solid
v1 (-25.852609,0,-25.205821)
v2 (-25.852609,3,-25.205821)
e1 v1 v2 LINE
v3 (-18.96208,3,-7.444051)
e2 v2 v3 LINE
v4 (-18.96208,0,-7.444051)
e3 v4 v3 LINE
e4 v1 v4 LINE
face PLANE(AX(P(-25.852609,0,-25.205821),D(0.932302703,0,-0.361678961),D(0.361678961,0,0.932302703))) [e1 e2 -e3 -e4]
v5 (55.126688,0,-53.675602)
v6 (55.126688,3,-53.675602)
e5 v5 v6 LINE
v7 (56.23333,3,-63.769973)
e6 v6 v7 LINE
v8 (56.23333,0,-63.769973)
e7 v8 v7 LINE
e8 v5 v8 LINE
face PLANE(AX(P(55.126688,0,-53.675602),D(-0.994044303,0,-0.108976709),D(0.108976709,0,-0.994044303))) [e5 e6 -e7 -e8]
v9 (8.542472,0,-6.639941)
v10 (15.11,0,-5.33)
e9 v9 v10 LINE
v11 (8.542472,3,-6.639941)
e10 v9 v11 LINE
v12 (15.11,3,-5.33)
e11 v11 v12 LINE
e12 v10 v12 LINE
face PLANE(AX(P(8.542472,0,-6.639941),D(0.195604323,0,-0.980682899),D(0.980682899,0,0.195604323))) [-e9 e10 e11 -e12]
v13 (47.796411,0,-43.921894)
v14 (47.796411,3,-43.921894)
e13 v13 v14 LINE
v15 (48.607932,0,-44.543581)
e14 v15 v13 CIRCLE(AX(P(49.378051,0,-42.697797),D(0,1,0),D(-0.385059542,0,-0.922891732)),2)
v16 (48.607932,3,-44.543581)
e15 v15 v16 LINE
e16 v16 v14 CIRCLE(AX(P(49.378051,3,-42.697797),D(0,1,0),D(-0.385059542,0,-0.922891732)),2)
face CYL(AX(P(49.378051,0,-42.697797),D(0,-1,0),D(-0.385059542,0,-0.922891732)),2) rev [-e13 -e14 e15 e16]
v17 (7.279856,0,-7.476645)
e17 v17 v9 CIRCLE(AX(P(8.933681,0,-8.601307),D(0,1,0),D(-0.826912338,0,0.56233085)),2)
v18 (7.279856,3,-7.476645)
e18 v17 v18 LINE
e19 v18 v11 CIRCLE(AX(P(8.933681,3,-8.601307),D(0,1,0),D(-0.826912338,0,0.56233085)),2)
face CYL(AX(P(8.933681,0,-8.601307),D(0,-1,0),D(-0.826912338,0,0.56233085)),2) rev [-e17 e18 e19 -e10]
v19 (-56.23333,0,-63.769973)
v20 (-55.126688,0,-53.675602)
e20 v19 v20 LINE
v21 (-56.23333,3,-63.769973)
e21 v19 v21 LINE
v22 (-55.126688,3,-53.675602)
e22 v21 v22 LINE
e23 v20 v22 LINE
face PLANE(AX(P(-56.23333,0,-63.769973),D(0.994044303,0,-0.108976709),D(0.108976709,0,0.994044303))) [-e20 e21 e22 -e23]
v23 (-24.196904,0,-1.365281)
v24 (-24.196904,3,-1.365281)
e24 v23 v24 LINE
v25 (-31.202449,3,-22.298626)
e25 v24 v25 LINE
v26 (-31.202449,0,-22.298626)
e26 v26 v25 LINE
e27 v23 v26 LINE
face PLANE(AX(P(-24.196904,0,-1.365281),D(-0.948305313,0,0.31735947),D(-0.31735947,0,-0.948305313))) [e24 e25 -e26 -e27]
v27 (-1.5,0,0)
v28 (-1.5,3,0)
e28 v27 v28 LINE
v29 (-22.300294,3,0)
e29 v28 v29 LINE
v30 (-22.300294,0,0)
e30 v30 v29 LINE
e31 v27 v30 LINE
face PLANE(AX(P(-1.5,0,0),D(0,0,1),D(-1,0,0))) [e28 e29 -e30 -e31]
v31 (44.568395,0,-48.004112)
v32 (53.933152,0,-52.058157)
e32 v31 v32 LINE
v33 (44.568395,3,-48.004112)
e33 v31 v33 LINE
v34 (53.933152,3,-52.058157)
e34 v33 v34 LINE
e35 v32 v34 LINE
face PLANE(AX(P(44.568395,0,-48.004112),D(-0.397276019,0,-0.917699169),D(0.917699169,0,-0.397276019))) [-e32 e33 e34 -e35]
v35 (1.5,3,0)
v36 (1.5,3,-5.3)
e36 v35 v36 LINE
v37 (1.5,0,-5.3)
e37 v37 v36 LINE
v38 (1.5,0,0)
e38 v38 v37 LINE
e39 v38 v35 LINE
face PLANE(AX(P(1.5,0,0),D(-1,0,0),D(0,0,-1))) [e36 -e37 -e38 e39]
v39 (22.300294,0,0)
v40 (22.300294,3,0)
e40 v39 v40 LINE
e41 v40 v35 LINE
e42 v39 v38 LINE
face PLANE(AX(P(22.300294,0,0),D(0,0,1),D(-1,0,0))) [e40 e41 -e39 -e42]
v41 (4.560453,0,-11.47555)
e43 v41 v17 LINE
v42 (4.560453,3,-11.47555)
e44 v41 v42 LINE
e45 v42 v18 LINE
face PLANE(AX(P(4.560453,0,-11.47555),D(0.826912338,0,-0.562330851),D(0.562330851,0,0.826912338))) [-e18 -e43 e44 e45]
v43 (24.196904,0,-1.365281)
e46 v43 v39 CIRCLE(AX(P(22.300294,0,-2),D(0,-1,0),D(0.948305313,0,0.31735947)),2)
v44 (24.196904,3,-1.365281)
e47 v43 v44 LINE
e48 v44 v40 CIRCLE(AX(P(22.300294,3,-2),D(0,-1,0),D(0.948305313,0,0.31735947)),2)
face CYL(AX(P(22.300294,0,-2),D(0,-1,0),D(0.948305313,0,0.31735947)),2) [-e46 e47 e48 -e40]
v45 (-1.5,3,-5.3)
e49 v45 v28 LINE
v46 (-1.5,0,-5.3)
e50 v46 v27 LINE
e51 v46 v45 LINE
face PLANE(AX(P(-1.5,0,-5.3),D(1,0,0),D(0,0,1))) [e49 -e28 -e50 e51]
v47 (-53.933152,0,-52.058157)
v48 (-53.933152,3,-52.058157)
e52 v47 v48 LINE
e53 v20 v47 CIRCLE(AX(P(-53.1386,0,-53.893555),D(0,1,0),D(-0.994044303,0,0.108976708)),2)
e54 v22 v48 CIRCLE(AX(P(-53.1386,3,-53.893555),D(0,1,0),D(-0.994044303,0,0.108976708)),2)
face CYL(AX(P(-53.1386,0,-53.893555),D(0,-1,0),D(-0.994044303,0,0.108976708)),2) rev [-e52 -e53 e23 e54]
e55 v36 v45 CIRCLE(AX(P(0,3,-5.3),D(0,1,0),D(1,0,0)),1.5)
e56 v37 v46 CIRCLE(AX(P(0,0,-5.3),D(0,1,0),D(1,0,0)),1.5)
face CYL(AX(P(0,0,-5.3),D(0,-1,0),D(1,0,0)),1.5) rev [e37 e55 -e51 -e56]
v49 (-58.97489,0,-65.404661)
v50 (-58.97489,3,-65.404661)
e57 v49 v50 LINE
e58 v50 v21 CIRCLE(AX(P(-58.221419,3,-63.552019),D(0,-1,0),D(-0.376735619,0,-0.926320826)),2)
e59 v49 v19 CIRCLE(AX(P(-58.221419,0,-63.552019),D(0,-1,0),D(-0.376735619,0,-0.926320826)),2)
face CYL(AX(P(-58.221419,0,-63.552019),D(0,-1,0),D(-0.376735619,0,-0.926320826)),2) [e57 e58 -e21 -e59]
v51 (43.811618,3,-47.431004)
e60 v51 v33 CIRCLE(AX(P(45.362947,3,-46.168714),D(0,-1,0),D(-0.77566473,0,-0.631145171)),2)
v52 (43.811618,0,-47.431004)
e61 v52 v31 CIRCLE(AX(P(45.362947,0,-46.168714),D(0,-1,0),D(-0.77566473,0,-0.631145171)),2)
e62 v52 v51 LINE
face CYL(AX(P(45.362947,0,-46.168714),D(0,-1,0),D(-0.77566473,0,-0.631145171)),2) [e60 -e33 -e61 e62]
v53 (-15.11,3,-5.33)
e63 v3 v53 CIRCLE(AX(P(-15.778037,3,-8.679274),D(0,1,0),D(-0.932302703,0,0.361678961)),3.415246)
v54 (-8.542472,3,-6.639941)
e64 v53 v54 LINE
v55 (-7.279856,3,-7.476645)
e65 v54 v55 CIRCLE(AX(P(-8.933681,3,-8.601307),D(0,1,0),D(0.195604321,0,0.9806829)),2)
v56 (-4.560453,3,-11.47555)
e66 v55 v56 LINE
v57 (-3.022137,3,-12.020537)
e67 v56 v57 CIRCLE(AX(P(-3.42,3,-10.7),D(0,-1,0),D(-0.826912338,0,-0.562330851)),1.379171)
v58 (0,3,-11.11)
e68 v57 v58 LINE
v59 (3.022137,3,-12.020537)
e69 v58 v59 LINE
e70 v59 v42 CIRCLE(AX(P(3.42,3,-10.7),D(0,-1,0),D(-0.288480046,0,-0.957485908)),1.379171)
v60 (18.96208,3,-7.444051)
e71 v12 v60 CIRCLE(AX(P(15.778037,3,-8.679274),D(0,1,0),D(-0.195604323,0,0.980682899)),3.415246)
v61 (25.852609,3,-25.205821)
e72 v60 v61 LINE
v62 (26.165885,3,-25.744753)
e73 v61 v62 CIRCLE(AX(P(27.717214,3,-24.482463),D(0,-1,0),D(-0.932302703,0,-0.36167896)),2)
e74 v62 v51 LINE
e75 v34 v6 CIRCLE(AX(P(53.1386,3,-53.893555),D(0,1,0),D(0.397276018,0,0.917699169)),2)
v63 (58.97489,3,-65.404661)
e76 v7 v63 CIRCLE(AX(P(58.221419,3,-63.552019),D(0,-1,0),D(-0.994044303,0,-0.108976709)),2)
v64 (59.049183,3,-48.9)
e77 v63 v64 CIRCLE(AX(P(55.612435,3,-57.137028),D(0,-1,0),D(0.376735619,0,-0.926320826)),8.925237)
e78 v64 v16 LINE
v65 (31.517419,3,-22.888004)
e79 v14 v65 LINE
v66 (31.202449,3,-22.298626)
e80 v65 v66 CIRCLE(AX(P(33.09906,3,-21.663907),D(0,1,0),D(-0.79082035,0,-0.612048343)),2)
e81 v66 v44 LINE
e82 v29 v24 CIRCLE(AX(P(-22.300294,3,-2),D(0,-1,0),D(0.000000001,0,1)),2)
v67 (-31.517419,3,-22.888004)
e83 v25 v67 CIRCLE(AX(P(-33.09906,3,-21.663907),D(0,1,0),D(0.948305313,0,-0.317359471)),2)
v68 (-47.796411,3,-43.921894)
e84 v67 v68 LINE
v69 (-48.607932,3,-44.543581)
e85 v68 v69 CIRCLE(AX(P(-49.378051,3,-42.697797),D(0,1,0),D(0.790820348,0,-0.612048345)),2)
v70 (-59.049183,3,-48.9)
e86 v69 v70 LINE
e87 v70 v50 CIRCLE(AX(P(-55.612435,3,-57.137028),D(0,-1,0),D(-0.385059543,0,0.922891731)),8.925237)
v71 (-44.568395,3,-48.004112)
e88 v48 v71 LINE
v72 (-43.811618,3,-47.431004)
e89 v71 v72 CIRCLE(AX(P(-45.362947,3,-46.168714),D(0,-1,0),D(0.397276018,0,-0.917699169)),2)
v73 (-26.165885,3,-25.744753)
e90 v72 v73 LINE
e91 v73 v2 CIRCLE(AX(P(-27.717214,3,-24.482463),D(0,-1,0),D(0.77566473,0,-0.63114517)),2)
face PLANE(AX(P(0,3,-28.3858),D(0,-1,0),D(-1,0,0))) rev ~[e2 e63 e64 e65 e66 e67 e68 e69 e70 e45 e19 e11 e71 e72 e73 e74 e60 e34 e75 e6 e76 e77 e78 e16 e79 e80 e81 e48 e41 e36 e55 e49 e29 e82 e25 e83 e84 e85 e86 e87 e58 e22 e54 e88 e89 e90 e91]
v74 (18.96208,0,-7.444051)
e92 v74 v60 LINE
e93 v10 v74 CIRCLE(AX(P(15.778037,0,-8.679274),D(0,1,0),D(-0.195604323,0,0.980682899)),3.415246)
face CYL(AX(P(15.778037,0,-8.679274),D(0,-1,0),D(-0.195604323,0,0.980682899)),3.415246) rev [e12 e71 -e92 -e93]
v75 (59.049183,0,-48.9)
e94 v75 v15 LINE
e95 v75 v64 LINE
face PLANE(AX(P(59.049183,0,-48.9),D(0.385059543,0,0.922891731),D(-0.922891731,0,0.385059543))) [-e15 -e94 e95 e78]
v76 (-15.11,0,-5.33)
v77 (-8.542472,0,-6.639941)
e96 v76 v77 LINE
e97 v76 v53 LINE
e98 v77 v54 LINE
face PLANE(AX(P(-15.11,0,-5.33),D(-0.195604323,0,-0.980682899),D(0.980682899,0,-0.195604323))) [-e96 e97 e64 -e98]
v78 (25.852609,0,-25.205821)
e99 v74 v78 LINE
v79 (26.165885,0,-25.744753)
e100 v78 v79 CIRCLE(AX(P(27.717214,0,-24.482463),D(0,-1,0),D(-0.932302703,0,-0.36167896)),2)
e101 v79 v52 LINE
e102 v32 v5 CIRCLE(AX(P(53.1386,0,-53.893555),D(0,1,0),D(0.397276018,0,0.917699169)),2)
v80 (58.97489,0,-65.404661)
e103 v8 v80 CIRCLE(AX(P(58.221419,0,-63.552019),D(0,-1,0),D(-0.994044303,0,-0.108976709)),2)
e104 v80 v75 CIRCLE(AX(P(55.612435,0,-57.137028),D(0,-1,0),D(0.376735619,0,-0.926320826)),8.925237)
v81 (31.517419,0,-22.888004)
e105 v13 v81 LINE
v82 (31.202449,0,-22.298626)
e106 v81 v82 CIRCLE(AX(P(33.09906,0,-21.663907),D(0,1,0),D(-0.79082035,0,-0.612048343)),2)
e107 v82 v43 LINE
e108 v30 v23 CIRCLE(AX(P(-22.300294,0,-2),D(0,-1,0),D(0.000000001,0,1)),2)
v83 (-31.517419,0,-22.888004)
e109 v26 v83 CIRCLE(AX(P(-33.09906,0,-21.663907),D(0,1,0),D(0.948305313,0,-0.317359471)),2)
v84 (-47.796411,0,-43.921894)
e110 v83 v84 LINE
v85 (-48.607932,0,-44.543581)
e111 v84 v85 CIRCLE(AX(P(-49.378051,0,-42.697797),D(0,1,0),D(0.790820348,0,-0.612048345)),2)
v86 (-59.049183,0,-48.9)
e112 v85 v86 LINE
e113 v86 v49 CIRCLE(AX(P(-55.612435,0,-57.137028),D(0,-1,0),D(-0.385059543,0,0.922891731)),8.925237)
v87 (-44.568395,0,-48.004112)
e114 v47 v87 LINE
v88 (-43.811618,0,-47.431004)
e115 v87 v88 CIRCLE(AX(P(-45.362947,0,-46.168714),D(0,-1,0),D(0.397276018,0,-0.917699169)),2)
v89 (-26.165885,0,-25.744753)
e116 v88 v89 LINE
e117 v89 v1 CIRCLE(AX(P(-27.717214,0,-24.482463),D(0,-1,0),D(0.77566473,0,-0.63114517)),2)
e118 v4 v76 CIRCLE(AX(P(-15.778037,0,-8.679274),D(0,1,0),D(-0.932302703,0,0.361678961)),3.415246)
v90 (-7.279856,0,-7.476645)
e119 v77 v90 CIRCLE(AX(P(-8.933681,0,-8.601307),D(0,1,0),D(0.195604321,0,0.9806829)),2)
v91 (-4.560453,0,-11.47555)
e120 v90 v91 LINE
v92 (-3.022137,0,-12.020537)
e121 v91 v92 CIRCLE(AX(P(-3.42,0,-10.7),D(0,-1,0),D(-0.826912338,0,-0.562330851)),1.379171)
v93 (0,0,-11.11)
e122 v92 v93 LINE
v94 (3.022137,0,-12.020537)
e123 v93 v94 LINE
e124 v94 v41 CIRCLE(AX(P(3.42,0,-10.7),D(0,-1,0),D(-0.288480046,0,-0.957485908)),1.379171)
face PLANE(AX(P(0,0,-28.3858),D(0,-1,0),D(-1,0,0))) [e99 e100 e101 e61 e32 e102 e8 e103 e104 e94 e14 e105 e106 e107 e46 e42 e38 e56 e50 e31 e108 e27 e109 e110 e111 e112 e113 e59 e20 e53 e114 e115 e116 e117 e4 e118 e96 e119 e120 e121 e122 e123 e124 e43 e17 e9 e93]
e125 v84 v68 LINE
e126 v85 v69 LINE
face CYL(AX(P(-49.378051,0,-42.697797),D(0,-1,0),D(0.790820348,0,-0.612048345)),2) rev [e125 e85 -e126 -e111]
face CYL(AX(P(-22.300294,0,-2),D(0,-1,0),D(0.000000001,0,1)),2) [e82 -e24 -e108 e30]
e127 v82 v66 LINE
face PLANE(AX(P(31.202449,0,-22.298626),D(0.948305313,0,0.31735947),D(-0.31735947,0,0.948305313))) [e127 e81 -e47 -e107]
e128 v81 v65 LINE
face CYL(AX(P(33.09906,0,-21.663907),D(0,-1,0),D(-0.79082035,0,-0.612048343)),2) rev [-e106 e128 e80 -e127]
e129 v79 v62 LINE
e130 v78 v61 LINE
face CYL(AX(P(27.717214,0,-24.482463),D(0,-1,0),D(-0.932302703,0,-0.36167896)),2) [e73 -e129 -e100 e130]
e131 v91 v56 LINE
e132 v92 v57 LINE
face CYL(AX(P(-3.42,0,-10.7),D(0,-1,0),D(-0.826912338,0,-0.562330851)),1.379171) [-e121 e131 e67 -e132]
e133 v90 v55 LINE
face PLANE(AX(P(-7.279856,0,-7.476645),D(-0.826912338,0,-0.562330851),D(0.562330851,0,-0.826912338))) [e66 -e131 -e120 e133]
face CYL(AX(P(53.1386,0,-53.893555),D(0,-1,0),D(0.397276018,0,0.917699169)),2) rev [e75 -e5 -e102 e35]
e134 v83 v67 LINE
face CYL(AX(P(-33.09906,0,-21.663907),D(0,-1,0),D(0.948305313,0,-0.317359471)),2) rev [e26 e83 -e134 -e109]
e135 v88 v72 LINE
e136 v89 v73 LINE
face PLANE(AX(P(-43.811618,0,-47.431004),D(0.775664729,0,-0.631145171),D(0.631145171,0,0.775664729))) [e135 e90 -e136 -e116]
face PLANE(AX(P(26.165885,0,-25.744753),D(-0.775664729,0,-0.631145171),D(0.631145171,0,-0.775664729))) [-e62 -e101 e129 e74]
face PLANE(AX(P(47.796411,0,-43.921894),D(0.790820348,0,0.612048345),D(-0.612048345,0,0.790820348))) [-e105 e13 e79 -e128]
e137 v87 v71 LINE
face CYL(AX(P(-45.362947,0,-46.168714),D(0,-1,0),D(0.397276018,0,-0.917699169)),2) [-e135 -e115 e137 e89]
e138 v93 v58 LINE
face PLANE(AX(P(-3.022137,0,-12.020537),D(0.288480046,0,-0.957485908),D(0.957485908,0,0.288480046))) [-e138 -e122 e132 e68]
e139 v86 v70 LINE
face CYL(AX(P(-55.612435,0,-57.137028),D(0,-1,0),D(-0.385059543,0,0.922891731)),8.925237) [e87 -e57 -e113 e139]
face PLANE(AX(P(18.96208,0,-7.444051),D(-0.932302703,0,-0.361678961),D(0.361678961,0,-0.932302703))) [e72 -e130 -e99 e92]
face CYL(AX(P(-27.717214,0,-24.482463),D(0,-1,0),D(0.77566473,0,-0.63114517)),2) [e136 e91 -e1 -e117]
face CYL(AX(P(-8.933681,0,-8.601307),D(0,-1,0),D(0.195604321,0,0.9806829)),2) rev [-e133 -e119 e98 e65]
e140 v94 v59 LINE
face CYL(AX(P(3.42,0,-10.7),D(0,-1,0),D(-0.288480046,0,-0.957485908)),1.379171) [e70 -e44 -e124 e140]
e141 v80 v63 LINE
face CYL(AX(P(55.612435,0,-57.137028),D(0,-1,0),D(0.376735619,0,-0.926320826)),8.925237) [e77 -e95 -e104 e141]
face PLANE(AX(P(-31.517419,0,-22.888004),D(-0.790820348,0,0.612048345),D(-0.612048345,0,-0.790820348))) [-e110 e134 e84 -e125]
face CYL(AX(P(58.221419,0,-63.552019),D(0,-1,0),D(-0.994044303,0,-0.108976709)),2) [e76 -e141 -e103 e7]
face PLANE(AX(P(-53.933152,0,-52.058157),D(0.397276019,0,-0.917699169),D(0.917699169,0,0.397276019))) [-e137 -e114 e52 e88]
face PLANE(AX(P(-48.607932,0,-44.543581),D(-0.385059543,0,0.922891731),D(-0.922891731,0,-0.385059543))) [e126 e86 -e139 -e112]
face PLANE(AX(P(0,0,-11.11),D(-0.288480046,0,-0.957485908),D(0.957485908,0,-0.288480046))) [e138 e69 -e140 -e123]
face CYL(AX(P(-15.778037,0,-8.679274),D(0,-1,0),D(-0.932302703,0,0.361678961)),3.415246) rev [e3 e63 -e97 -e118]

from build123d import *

# Parameters (mm, degrees)
BOSS_EXTRUDE16_DEPTH = 3


with BuildPart() as part:
    # Sketch1 → Boss-Extrude16 (new body)
    with BuildSketch(Plane(origin=(0, 0, 0), x_dir=(1, 0, 0), z_dir=(0, 1, 0))):
        with BuildLine():
            Line((22.300293778, 0), (1.5, 0))
            Line((1.5, 0), (1.5, 5.3))
            ThreePointArc((1.5, 5.3), (0, 6.8), (-1.5, 5.3))
            Line((-1.5, 5.3), (-1.5, 0))
            Line((-1.5, 0), (-22.300293778, 0))
            ThreePointArc((-22.300293778, 0), (-23.468746199, 0.376818266), (-24.196904404, 1.365281059))
            Line((-24.196904404, 1.365281059), (-31.202449054, 22.298625838))
            ThreePointArc((-31.202449054, 22.298625838), (-31.335143696, 22.606562933), (-31.517418983, 22.888003588))
            Line((-31.517418983, 22.888003588), (-47.796410522, 43.921893905))
            ThreePointArc((-47.796410522, 43.921893905), (-48.161779402, 44.28546307), (-48.607932132, 44.543580677))
            Line((-48.607932132, 44.543580677), (-59.049183209, 48.9))
            ThreePointArc((-59.049183209, 48.9), (-64.537582367, 57.177202895), (-58.974890206, 65.404661131))
            ThreePointArc((-58.974890206, 65.404661131), (-57.197152686, 65.269831628), (-56.233330362, 63.769972896))
            Line((-56.233330362, 63.769972896), (-55.126688169, 53.675601541))
            ThreePointArc((-55.126688169, 53.675601541), (-54.747886441, 52.70603833), (-53.9331516, 52.058156621))
            Line((-53.9331516, 52.058156621), (-44.568394969, 48.00411216))
            ThreePointArc((-44.568394969, 48.00411216), (-44.155510387, 47.763109259), (-43.811617548, 47.431004165))
            Line((-43.811617548, 47.431004165), (-26.165884896, 25.744753421))
            ThreePointArc((-26.165884896, 25.744753421), (-25.988120723, 25.487567655), (-25.85260895, 25.205820999))
            Line((-25.85260895, 25.205820999), (-18.96208022, 7.444050869))
            ThreePointArc((-18.96208022, 7.444050869), (-17.421166495, 5.685274236), (-15.11, 5.33))
            Line((-15.11, 5.33), (-8.5424724, 6.639941055))
            ThreePointArc((-8.5424724, 6.639941055), (-7.828892036, 6.934141221), (-7.279856371, 7.476645151))
            Line((-7.279856371, 7.476645151), (-4.560453498, 11.47555039))
            ThreePointArc((-4.560453498, 11.47555039), (-3.880556824, 12), (-3.022136693, 12.020536776))
            Line((-3.022136693, 12.020536776), (0, 11.11))
            Line((0, 11.11), (3.022136693, 12.020536776))
            ThreePointArc((3.022136693, 12.020536776), (3.880556824, 12), (4.560453498, 11.47555039))
            Line((4.560453498, 11.47555039), (7.279856371, 7.476645151))
            ThreePointArc((7.279856371, 7.476645151), (7.828892036, 6.934141221), (8.5424724, 6.639941055))
            Line((8.5424724, 6.639941055), (15.11, 5.33))
            ThreePointArc((15.11, 5.33), (17.421166495, 5.685274236), (18.96208022, 7.444050869))
            Line((18.96208022, 7.444050869), (25.85260895, 25.205820999))
            ThreePointArc((25.85260895, 25.205820999), (25.988120723, 25.487567655), (26.165884896, 25.744753421))
            Line((26.165884896, 25.744753421), (43.811617548, 47.431004165))
            ThreePointArc((43.811617548, 47.431004165), (44.155510387, 47.763109259), (44.568394969, 48.00411216))
            Line((44.568394969, 48.00411216), (53.9331516, 52.058156621))
            ThreePointArc((53.9331516, 52.058156621), (54.747886441, 52.70603833), (55.126688169, 53.675601541))
            Line((55.126688169, 53.675601541), (56.233330362, 63.769972896))
            ThreePointArc((56.233330362, 63.769972896), (57.197152686, 65.269831628), (58.974890206, 65.404661131))
            ThreePointArc((58.974890206, 65.404661131), (64.537582367, 57.177202895), (59.049183209, 48.9))
            Line((59.049183209, 48.9), (48.607932132, 44.543580677))
            ThreePointArc((48.607932132, 44.543580677), (48.161779402, 44.28546307), (47.796410522, 43.921893905))
            Line((47.796410522, 43.921893905), (31.517418983, 22.888003588))
            ThreePointArc((31.517418983, 22.888003588), (31.335143696, 22.606562933), (31.202449054, 22.298625838))
            Line((31.202449054, 22.298625838), (24.196904404, 1.365281059))
            ThreePointArc((24.196904404, 1.365281059), (23.468746199, 0.376818266), (22.300293778, 0))
        make_face()
    extrude(amount=BOSS_EXTRUDE16_DEPTH)


solid = part.part
